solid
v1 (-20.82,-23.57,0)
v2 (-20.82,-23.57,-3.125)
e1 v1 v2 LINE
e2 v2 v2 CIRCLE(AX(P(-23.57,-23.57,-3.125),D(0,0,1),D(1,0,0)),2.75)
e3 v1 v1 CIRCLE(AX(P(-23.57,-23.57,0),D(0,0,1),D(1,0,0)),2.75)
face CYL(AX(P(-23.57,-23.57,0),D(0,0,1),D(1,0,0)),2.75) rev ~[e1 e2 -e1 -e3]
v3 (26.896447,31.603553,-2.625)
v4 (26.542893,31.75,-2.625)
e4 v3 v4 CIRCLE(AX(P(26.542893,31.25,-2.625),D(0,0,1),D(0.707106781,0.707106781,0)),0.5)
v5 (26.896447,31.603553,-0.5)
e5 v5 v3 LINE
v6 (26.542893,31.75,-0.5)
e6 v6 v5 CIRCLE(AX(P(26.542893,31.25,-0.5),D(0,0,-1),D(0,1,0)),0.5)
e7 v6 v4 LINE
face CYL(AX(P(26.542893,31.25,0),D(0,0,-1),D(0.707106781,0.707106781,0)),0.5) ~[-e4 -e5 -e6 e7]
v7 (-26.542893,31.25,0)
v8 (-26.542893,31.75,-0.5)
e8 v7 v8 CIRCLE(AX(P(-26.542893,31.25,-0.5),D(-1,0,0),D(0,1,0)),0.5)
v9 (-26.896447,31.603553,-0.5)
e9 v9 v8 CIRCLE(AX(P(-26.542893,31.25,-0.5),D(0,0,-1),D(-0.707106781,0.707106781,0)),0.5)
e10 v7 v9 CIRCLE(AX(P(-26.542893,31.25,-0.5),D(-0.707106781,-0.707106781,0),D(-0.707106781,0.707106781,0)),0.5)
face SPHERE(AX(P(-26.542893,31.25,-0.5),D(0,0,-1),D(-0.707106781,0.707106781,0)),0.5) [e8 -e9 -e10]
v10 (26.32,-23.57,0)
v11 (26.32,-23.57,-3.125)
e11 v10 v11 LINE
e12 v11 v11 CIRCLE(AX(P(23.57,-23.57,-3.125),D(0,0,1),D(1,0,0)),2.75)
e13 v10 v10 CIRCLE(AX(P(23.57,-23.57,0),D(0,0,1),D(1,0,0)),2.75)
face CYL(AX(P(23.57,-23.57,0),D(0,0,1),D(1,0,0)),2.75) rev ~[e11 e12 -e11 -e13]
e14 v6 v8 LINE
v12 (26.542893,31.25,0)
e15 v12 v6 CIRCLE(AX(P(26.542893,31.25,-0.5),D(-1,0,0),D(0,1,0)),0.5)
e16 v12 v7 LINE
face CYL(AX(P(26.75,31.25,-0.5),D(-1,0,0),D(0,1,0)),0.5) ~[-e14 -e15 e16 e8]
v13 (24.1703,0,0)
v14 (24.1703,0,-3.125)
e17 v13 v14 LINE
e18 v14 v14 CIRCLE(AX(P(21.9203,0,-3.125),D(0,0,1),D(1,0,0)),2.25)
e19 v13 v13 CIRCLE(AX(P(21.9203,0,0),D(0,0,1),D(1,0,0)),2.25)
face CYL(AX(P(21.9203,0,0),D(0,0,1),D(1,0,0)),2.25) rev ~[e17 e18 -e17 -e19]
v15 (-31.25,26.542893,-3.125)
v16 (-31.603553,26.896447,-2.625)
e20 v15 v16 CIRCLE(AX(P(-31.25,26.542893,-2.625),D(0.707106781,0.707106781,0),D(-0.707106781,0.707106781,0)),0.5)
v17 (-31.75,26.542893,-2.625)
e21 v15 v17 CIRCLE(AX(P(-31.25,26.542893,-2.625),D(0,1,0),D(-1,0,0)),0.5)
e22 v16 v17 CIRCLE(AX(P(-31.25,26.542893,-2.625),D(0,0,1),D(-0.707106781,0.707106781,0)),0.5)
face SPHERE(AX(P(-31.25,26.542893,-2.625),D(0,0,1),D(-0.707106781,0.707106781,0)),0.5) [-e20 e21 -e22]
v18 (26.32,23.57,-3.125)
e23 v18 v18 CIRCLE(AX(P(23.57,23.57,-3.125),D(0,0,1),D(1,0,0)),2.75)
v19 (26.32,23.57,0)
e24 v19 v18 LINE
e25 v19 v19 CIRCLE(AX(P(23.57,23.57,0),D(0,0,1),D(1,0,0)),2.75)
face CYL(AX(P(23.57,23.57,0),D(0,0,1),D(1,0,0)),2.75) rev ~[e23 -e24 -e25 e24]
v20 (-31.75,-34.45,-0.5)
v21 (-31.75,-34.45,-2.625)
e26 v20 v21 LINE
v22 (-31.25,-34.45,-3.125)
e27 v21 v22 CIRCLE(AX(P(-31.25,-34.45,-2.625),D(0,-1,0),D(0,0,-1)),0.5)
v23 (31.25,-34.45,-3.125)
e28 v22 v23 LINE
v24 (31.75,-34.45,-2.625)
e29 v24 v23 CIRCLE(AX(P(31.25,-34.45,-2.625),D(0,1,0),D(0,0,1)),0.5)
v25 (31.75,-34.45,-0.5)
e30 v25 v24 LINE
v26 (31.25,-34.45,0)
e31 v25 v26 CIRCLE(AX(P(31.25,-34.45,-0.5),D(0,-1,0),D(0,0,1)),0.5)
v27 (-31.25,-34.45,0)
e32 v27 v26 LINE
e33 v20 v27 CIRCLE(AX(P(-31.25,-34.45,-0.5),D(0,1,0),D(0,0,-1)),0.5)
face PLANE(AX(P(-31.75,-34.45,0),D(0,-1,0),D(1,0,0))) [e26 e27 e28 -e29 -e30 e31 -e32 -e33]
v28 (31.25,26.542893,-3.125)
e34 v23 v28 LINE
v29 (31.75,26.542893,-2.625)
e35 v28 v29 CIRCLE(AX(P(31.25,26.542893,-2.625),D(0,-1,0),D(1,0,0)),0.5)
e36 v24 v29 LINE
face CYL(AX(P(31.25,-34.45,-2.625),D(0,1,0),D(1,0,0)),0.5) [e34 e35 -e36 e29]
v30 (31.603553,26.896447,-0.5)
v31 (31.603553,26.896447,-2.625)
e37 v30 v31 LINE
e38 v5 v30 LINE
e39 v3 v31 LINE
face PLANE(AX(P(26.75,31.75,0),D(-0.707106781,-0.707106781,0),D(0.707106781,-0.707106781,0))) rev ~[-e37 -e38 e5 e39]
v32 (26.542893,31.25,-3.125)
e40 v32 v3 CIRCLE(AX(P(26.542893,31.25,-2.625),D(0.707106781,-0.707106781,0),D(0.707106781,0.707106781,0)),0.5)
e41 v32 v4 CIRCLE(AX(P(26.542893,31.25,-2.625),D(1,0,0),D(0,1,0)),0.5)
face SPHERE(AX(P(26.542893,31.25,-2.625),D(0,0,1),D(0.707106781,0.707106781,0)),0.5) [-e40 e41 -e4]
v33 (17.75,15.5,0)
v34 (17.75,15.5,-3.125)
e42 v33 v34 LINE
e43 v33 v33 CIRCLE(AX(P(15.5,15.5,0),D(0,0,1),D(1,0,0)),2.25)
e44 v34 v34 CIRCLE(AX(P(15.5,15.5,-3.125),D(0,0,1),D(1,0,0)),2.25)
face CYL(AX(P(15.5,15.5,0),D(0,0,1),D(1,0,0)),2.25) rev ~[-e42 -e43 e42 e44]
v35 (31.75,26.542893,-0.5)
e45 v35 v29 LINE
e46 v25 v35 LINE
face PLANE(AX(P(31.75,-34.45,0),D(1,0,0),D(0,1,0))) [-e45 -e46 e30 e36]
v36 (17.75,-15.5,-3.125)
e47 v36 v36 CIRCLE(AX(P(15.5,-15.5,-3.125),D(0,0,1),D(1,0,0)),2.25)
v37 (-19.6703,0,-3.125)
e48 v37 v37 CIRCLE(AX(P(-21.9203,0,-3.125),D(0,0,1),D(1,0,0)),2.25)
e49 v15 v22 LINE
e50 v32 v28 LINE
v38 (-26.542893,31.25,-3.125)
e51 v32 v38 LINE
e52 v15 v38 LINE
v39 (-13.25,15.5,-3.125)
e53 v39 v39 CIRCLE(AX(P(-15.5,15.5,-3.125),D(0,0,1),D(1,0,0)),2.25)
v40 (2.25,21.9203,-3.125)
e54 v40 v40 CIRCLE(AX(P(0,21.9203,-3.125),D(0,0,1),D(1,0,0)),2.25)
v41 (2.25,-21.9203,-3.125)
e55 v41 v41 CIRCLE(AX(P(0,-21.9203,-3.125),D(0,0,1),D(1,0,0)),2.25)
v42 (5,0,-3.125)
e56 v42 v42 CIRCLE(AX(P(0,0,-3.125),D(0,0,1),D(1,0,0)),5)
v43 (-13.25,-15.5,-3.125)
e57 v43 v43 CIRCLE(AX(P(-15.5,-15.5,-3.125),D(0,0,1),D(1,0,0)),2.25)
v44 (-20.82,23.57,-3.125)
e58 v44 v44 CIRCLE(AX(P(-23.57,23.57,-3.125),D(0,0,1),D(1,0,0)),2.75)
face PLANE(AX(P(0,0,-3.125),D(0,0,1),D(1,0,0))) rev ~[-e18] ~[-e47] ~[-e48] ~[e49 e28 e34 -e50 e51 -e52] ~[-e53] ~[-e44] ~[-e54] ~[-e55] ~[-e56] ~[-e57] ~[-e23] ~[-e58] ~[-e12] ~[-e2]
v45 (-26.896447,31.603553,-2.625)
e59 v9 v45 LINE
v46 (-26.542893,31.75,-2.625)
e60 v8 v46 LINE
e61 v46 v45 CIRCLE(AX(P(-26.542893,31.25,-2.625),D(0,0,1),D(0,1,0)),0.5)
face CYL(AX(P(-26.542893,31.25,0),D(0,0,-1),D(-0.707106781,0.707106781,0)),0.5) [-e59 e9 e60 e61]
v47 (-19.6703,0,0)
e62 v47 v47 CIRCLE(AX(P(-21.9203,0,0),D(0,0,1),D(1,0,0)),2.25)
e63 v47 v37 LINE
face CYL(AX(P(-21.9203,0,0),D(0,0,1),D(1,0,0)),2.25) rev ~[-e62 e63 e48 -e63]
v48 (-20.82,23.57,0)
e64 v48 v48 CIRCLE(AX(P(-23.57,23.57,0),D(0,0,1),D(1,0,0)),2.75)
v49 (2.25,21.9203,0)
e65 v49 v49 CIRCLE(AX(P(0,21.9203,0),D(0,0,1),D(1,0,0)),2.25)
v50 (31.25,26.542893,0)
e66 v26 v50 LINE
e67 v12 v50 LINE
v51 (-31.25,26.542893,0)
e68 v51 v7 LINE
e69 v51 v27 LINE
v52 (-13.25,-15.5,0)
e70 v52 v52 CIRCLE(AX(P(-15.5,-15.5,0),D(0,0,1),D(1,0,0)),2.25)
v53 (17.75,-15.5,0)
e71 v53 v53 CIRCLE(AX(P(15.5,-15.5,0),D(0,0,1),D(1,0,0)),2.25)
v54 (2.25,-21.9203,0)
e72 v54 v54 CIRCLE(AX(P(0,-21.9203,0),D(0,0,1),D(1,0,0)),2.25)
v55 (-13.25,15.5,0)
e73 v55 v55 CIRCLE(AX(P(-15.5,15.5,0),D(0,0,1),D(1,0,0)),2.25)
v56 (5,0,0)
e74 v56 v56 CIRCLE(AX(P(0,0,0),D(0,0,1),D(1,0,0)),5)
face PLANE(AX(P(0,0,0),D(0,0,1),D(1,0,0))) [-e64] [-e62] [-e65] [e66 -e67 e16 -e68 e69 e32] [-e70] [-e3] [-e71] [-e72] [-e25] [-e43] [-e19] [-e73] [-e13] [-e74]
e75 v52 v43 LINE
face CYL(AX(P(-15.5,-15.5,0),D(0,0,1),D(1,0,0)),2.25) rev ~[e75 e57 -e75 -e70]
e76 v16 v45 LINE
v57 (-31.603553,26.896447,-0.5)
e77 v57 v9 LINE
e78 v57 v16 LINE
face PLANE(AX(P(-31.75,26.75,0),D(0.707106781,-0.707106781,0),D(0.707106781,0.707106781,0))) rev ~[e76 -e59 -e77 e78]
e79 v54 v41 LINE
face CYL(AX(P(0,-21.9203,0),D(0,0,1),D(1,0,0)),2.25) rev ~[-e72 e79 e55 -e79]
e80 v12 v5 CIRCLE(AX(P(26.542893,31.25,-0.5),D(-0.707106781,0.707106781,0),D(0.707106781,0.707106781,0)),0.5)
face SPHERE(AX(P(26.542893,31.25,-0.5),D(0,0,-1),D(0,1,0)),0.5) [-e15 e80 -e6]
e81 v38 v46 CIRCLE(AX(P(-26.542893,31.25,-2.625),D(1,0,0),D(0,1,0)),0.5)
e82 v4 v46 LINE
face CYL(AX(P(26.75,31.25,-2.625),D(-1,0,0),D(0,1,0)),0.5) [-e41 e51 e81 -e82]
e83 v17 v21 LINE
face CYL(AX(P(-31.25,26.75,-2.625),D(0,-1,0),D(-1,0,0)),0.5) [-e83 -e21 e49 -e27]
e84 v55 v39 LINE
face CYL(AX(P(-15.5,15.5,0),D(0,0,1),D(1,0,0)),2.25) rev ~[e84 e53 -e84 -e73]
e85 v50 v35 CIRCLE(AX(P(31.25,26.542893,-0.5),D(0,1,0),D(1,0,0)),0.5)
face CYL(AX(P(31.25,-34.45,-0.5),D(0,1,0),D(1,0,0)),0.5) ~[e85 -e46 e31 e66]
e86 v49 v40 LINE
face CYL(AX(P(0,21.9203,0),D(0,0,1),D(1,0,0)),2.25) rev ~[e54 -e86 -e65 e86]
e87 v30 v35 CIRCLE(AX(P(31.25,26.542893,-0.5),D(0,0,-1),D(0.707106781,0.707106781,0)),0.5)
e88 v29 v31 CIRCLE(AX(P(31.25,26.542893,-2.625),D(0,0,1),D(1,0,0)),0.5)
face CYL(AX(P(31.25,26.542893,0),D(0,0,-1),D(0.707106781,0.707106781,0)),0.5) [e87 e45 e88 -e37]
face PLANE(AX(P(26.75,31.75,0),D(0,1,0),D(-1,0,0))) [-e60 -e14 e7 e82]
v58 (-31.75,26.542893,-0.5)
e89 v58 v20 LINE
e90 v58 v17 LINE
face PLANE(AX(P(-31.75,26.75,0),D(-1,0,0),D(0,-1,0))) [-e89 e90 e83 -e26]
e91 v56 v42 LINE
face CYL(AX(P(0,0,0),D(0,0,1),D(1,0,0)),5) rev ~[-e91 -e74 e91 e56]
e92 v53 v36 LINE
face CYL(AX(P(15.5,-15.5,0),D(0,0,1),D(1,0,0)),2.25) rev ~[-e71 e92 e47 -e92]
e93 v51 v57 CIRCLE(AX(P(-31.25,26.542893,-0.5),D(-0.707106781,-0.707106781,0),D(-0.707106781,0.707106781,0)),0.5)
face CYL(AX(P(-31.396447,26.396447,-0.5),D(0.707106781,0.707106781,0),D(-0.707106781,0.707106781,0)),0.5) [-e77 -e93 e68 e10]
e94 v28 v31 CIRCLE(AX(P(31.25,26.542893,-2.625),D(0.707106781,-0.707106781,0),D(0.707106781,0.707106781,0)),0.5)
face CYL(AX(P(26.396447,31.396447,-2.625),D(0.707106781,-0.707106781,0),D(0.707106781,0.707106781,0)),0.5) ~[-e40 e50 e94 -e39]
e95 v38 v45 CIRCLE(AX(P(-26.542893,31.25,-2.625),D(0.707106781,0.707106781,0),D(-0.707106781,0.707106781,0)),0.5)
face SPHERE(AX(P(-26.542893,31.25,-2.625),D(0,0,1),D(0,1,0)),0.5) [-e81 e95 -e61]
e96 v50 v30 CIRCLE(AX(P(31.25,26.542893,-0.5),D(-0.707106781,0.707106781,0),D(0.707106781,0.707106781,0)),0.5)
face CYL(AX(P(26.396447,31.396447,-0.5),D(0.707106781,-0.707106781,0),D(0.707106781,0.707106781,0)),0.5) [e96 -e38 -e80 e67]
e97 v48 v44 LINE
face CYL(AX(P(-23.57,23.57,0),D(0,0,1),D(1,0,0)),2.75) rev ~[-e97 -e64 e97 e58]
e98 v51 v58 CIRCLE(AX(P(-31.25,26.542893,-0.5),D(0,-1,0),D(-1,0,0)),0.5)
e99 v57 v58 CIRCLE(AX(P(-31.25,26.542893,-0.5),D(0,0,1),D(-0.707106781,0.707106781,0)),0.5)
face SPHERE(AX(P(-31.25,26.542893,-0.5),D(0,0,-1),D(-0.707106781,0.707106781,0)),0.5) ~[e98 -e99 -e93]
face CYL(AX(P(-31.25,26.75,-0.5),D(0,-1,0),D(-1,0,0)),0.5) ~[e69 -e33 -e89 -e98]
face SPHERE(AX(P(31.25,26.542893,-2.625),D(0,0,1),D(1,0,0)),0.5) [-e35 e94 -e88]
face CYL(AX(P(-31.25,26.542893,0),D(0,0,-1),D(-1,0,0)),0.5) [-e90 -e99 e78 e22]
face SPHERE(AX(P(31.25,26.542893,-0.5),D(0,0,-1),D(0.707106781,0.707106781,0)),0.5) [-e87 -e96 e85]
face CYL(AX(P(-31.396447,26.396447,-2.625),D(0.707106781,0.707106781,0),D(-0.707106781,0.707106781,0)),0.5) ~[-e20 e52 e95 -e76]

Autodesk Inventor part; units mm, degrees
ref_plane "YZ Plane" through (0, 0, 0) normal (1, 0, 0) x (0, 1, 0)
ref_plane "XZ Plane" through (0, 0, 0) normal (0, 1, 0) x (-1, 0, 0)
ref_plane "XY Plane" through (0, 0, 0) normal (0, 0, 1) x (1, 0, 0)
sketch "Sketch1" plane through (0, 0, 0) normal (0, 0, 1) x (1, 0, 0)
  line L0 (26.75, 31.75) -> (-26.75, 31.75)
  line L1 (-31.75, 26.75) -> (-31.75, -34.45)
  line L2 (-31.75, -34.45) -> (31.75, -34.45)
  line L3 (31.75, -34.45) -> (31.75, 26.75)
  circle A0 centre (0, 0) radius 5
  circle A1 centre (15.5, 15.5) radius 2.25
  circle A2 centre (-15.5, 15.5) radius 2.25
  circle A3 centre (-15.5, -15.5) radius 2.25
  circle A4 centre (15.5, -15.5) radius 2.25
  line L4 (-15.5, -15.5) -> (15.5, -15.5) construction
  line L5 (15.5, -15.5) -> (15.5, 15.5) construction
  line L6 (15.5, 15.5) -> (-15.5, 15.5) construction
  line L7 (-15.5, 15.5) -> (-15.5, -15.5) construction
  line L8 (0, 2.2207) -> (0, -2.8787) construction
  line L9 (-1.8221, 0) -> (3.1794, 0) construction
  circle A5 centre (0, 21.9203) radius 2.25
  circle A6 centre (0, -21.9203) radius 2.25
  circle A7 centre (-21.9203, 0) radius 2.25
  circle A8 centre (21.9203, 0) radius 2.25
  line L10 (0, 21.9203) -> (-21.9203, 0) construction
  line L11 (-21.9203, 0) -> (0, -21.9203) construction
  line L12 (0, -21.9203) -> (21.9203, 0) construction
  line L13 (21.9203, 0) -> (0, 21.9203) construction
  line L14 (-23.57, 23.57) -> (23.57, 23.57) construction
  line L15 (23.57, 23.57) -> (23.57, -23.57) construction
  line L16 (23.57, -23.57) -> (-23.57, -23.57) construction
  line L17 (-23.57, -23.57) -> (-23.57, 23.57) construction
  circle A9 centre (-23.57, 23.57) radius 2.75
  circle A10 centre (-23.57, -23.57) radius 2.75
  circle A11 centre (23.57, -23.57) radius 2.75
  circle A12 centre (23.57, 23.57) radius 2.75
  line L18 (-23.6, 28.2) -> (23.6, 28.2) construction
  line L19 (28.2, 23.6) -> (28.2, -23.6) construction
  line L20 (23.6, -28.2) -> (-23.6, -28.2) construction
  line L21 (-28.2, -23.6) -> (-28.2, 23.6) construction
  arc A13 (-23.6, 28.2) -> (-28.2, 23.6) centre (-23.6, 23.6) ccw construction
  arc A14 (-28.2, -23.6) -> (-23.6, -28.2) centre (-23.6, -23.6) ccw construction
  arc A15 (23.6, -28.2) -> (28.2, -23.6) centre (23.6, -23.6) ccw construction
  arc A16 (28.2, 23.6) -> (23.6, 28.2) centre (23.6, 23.6) ccw construction
  line L22 (-31.75, 26.75) -> (-26.75, 31.75)
  line L23 (26.75, 31.75) -> (31.75, 26.75)
  line L24 (-15.5, 21) -> (15.5, 21) construction
  line L25 (21, 15.5) -> (21, -15.5) construction
  line L26 (15.5, -21) -> (-15.5, -21) construction
  line L27 (-21, -15.5) -> (-21, 15.5) construction
  line L28 (-21, 15.5) -> (-15.5, 21) construction
  line L29 (15.5, 21) -> (21, 15.5) construction
  line L30 (21, -15.5) -> (15.5, -21) construction
  line L31 (-15.5, -21) -> (-21, -15.5) construction
  point P0 (-31.75, 31.75)
  point P1 (-31.75, 31.75)
  point P2 (31.75, 31.75)
  point P3 (28.2, -28.2)
  point P4 (-28.2, -28.2)
  point P5 (-31.75, 31.75)
  point P6 (31.75, 31.75)
  point P7 (-21, 21)
  point P8 (21, -21)
  point P9 (21, 21)
  point P10 (-21, -21)
  dimension "MotorPlateWidth" = 63.5
  dimension "MotorPlateHeight" = 66.2
  dimension "d5" = 31.75
  dimension "ShaftHole" = 10
  dimension "d10" = 4.5
  dimension "NEMA17HoleSpacing" = 31
  dimension "NEMA23HoleSpacing" = 47.14
  dimension "NEMA23MountingHole" = 5.5
  dimension "NEMA23Motor" = 56.4
  dimension "d35" = 4.6
  dimension "CornerChamfer" = 5
  dimension "d37" = 5
  dimension "d38" = 5
  dimension "d39" = 5
  dimension "NEMA17Motor" = 42
  dimension "NEMA17CornerChamfer" = 5.5
  dimension "d42" = 5.5
  dimension "d43" = 5.5
  dimension "d44" = 5.5
  dimension "d45" = 5.5
  dimension "d46" = 5.5
  dimension "d47" = 5.5
  dimension "d48" = 5.5
extrude "Extrusion1" add sketch "Sketch1" against normal blind 3.125
fillet "Fillet2" radius 0.5 14 edges at (-31.75, 26.75, -1.5625) (-29.25, 29.25, -3.125) (-26.75, 31.75, -1.5625) (0, 31.75, -3.125) (26.75, 31.75, -1.5625) (29.25, 29.25, -3.125) (31.75, 26.75, -1.5625) (-31.75, -3.85, -3.125) (31.75, -3.85, -3.125) (-29.25, 29.25, 0) (-31.75, -3.85, 0) (0, 31.75, 0) (29.25, 29.25, 0) (31.75, -3.85, 0)
equation "\"d5\" = 0.5 * MotorPlateWidth"
equation "\"d10\" = NEMA17MountingHole"
equation "\"d37\" = CornerChamfer"
equation "\"d38\" = CornerChamfer"
equation "\"d39\" = CornerChamfer"
equation "\"d42\" = NEMA17CornerChamfer"
equation "\"d43\" = NEMA17CornerChamfer"
equation "\"d44\" = NEMA17CornerChamfer"
equation "\"d45\" = NEMA17CornerChamfer"
equation "\"d46\" = NEMA17CornerChamfer"
equation "\"d47\" = NEMA17CornerChamfer"
equation "\"d48\" = NEMA17CornerChamfer"
equation "\"NEMA17MountingHole\" = 4.5"
properties part number "MOTOR001"
